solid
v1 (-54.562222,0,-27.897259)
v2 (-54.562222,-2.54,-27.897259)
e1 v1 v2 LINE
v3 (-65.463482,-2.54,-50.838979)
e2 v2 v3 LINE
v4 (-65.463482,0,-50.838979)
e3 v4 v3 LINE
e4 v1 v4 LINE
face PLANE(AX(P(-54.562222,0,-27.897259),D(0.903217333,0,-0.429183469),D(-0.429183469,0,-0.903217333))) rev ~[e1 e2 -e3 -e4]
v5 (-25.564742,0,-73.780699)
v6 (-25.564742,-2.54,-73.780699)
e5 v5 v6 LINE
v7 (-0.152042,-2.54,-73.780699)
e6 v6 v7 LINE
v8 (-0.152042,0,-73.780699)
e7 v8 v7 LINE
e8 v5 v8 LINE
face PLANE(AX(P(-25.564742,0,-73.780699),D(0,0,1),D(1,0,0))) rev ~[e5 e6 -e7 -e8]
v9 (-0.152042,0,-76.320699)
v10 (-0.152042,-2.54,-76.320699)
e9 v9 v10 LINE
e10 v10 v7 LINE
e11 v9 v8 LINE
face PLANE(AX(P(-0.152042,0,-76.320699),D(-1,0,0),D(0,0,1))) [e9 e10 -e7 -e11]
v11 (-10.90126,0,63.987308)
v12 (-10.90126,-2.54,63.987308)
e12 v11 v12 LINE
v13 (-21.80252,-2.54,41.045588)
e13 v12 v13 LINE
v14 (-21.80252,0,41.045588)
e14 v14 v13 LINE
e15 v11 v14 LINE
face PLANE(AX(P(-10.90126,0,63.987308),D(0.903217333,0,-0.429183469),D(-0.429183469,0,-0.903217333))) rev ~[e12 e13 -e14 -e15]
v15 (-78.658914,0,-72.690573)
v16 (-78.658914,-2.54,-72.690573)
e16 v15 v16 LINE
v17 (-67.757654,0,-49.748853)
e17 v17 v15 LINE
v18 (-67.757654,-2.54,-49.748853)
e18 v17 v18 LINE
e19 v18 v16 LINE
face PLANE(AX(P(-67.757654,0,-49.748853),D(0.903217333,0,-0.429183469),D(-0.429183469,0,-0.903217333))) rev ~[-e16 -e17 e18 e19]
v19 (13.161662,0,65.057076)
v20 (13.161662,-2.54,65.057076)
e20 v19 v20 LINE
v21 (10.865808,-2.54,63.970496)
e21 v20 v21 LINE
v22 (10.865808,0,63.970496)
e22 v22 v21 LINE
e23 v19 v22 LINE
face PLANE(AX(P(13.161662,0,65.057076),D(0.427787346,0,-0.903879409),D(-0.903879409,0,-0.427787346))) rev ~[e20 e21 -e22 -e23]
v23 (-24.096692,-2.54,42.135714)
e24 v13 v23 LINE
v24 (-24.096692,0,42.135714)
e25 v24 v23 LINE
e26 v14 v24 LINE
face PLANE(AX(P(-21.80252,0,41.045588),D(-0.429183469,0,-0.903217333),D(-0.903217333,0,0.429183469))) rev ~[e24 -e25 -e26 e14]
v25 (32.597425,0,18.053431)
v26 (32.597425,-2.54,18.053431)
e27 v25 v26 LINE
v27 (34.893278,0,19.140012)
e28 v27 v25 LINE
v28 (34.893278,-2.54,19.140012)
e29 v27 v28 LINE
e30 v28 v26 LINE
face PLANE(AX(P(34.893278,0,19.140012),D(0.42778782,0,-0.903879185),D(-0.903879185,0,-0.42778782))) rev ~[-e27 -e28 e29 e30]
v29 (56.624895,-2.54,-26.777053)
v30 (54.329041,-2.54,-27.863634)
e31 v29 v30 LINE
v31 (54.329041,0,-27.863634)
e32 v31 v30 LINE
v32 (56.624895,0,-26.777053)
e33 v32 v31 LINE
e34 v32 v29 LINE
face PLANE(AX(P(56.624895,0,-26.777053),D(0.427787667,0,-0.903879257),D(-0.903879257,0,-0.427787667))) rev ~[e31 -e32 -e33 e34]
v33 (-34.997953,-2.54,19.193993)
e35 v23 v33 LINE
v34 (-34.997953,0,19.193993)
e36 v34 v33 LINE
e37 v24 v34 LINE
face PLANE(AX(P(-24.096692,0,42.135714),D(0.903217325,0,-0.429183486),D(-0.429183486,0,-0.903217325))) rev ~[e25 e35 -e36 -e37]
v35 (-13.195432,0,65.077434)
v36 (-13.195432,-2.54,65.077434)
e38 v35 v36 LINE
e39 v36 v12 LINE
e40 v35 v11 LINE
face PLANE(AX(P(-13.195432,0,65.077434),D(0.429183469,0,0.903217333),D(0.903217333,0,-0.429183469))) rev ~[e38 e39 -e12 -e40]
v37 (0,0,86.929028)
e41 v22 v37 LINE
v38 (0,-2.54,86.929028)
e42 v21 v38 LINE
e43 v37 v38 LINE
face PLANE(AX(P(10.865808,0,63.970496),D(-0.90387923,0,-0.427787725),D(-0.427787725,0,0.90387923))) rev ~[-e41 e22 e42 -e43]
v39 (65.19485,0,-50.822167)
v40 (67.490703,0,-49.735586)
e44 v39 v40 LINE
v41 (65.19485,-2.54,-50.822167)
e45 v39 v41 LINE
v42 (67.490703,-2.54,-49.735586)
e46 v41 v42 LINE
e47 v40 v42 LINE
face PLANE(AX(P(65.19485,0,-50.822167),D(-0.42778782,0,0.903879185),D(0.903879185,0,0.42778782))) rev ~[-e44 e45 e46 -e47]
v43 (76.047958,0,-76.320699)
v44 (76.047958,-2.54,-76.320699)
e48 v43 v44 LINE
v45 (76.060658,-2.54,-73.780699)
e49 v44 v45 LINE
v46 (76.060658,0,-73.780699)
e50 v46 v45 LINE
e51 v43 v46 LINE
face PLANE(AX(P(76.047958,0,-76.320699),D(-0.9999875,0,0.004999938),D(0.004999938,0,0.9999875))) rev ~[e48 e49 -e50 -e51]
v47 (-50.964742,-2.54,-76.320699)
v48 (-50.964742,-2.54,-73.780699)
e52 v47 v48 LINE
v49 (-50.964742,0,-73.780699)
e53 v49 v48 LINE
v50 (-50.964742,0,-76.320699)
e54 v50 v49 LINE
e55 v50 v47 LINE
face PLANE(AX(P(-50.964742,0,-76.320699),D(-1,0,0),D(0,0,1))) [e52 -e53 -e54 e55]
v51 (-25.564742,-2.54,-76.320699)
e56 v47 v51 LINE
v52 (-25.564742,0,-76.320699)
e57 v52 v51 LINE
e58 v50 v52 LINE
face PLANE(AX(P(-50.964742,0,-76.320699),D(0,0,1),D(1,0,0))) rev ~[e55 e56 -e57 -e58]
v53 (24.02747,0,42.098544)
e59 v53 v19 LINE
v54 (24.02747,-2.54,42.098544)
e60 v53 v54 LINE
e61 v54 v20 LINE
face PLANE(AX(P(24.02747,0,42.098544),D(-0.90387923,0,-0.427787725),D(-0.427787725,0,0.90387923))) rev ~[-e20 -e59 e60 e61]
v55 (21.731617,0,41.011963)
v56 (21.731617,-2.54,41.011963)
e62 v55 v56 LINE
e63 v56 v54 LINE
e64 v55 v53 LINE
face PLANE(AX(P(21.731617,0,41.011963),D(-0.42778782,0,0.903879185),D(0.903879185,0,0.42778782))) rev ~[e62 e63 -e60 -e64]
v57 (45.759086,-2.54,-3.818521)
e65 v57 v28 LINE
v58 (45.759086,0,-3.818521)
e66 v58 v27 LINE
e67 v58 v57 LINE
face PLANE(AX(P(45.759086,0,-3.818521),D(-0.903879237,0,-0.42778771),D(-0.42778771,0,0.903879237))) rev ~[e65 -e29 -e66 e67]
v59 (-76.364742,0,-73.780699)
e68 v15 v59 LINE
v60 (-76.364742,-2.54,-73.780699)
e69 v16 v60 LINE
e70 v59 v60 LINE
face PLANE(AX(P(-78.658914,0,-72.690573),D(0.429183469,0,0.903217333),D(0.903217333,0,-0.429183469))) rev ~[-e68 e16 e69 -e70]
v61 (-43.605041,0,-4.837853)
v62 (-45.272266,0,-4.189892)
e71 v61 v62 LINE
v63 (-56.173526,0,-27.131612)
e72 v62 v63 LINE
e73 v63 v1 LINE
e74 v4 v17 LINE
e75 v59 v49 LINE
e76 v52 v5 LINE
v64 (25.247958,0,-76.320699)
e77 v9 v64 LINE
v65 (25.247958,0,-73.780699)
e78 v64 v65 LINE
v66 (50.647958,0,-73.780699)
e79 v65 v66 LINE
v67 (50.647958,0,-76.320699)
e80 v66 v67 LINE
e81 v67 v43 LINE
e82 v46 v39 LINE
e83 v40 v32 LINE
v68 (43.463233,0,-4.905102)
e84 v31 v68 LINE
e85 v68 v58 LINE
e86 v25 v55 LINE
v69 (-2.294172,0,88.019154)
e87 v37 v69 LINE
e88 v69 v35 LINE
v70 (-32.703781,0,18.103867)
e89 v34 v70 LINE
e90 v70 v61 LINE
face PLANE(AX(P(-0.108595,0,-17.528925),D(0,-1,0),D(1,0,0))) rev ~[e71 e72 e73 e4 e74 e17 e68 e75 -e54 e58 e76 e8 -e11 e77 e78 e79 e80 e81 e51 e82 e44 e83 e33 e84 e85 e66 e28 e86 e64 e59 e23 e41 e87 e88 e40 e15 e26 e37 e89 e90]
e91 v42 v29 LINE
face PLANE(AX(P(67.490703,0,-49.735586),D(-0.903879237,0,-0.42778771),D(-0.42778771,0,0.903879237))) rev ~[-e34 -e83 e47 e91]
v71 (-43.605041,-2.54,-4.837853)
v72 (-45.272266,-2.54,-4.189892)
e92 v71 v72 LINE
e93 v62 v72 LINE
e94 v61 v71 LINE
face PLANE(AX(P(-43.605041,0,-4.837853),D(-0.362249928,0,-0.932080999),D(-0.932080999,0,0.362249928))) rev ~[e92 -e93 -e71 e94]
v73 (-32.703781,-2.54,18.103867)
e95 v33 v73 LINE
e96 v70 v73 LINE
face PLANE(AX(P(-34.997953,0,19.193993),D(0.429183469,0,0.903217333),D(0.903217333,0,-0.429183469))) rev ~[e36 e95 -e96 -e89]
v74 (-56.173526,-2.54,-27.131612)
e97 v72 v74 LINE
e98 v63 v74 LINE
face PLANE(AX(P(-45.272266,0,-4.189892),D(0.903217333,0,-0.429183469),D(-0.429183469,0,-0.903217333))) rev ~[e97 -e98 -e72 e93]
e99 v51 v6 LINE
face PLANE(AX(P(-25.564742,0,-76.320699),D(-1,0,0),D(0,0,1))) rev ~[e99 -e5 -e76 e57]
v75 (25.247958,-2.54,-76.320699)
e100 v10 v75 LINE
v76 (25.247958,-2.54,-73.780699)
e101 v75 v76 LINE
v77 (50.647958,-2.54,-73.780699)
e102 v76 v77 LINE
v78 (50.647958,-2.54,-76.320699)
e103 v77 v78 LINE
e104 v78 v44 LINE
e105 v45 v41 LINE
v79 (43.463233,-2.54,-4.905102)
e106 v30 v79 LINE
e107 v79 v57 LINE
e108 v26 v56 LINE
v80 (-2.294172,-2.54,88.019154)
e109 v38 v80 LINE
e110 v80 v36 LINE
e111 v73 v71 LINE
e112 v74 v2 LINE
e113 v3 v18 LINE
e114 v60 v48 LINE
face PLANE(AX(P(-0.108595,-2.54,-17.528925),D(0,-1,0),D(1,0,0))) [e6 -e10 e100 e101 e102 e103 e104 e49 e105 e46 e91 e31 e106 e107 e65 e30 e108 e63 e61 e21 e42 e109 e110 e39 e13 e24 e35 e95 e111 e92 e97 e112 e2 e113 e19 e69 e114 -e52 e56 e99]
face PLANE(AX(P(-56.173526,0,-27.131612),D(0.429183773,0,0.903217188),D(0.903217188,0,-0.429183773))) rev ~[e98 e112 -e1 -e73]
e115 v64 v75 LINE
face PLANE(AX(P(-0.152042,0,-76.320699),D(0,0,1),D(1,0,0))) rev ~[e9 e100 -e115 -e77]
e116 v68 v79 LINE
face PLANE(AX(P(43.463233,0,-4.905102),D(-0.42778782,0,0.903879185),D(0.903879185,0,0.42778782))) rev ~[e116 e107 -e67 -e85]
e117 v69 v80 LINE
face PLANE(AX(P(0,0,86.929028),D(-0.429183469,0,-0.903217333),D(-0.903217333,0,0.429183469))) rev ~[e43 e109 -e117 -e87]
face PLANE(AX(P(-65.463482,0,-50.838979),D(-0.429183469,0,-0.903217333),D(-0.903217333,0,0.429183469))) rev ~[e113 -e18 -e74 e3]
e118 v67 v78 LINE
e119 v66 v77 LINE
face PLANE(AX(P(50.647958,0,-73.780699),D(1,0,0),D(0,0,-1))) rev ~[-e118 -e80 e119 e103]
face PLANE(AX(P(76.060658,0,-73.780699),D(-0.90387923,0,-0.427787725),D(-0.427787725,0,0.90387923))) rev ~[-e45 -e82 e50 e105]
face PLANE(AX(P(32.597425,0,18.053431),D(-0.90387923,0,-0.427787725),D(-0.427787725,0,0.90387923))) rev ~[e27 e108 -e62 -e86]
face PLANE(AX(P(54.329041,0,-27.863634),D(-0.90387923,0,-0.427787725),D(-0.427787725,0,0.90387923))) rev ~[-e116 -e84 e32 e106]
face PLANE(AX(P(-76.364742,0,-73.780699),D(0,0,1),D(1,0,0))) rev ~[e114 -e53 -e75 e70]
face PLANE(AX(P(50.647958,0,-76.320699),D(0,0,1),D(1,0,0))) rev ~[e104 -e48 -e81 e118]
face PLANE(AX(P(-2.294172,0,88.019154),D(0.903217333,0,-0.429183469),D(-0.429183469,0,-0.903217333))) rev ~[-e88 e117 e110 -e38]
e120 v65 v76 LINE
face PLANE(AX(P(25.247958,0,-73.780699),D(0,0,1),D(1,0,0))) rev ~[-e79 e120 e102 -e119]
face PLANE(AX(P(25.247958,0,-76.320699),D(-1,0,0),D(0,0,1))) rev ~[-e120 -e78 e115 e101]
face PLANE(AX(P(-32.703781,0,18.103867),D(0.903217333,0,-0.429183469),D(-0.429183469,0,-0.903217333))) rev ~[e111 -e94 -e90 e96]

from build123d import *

# Parameters (mm, degrees)
F0_W     = 25.4
F0_H     = 2.54
F1_DEPTH = 2.54
F2_DEPTH = 2.54


with BuildPart() as f1:
    # F0 (on Front) → F1 (new body)
    with BuildSketch(Plane.XZ):
        Polygon((0, 86.929028), (-10.90126, 63.987308), (-21.80252, 41.045588), (-32.703781, 18.103867), (-43.605041, -4.837853), (-54.562222, -27.897259), (-65.463482, -50.838979), (-76.364742, -73.780699), (-50.964742, -73.780699), (-25.564742, -73.780699), (-0.152042, -73.780699), (25.247958, -73.780699), (50.647958, -73.780699), (76.060658, -73.780699), (65.19485, -50.822167), (54.329041, -27.863634), (43.463233, -4.905102), (32.597425, 18.053431), (21.731617, 41.011963), (10.865808, 63.970496), align=None)
        Polygon((-13.195432, 65.077434), (-10.90126, 63.987308), (0, 86.929028), (-2.294172, 88.019154), align=None)
        Polygon((-32.703781, 18.103867), (-21.80252, 41.045588), (-24.096692, 42.135714), (-34.997953, 19.193993), align=None)
        Polygon((13.161662, 65.057076), (10.865808, 63.970496), (21.731617, 41.011963), (24.02747, 42.098544), align=None)
        Polygon((-54.562222, -27.897259), (-43.605041, -4.837853), (-45.272266, -4.189892), (-56.173526, -27.131612), align=None)
        Polygon((34.893278, 19.140012), (32.597425, 18.053431), (43.463233, -4.905102), (45.759086, -3.818521), align=None)
        Polygon((-76.364742, -73.780699), (-65.463482, -50.838979), (-67.757654, -49.748853), (-78.658914, -72.690573), align=None)
        Polygon((56.624895, -26.777053), (54.329041, -27.863634), (65.19485, -50.822167), (67.490703, -49.735586), align=None)
        with Locations((-38.264742, -75.050699)):
            Rectangle(F0_W, F0_H)
        Polygon((76.047958, -76.320699), (76.060658, -73.780699), (50.647958, -73.780699), (50.647958, -76.320699), align=None)
        with Locations((12.547958, -75.050699)):
            Rectangle(F0_W, F0_H)
    extrude(amount=F1_DEPTH)

    # F0 (on Front) → F2 (join)
    with BuildSketch(Plane.XZ):
        Polygon((0, 86.929028), (-10.90126, 63.987308), (-21.80252, 41.045588), (-32.703781, 18.103867), (-43.605041, -4.837853), (-54.562222, -27.897259), (-65.463482, -50.838979), (-76.364742, -73.780699), (-50.964742, -73.780699), (-25.564742, -73.780699), (-0.152042, -73.780699), (25.247958, -73.780699), (50.647958, -73.780699), (76.060658, -73.780699), (65.19485, -50.822167), (54.329041, -27.863634), (43.463233, -4.905102), (32.597425, 18.053431), (21.731617, 41.011963), (10.865808, 63.970496), align=None)
        Polygon((-13.195432, 65.077434), (-10.90126, 63.987308), (0, 86.929028), (-2.294172, 88.019154), align=None)
        Polygon((-32.703781, 18.103867), (-21.80252, 41.045588), (-24.096692, 42.135714), (-34.997953, 19.193993), align=None)
        Polygon((13.161662, 65.057076), (10.865808, 63.970496), (21.731617, 41.011963), (24.02747, 42.098544), align=None)
        Polygon((-54.562222, -27.897259), (-43.605041, -4.837853), (-45.272266, -4.189892), (-56.173526, -27.131612), align=None)
        Polygon((34.893278, 19.140012), (32.597425, 18.053431), (43.463233, -4.905102), (45.759086, -3.818521), align=None)
        Polygon((-76.364742, -73.780699), (-65.463482, -50.838979), (-67.757654, -49.748853), (-78.658914, -72.690573), align=None)
        Polygon((56.624895, -26.777053), (54.329041, -27.863634), (65.19485, -50.822167), (67.490703, -49.735586), align=None)
        with Locations((-38.264742, -75.050699)):
            Rectangle(F0_W, F0_H)
        Polygon((76.047958, -76.320699), (76.060658, -73.780699), (50.647958, -73.780699), (50.647958, -76.320699), align=None)
        with Locations((12.547958, -75.050699)):
            Rectangle(F0_W, F0_H)
    extrude(amount=F2_DEPTH)


solid = f1.part
